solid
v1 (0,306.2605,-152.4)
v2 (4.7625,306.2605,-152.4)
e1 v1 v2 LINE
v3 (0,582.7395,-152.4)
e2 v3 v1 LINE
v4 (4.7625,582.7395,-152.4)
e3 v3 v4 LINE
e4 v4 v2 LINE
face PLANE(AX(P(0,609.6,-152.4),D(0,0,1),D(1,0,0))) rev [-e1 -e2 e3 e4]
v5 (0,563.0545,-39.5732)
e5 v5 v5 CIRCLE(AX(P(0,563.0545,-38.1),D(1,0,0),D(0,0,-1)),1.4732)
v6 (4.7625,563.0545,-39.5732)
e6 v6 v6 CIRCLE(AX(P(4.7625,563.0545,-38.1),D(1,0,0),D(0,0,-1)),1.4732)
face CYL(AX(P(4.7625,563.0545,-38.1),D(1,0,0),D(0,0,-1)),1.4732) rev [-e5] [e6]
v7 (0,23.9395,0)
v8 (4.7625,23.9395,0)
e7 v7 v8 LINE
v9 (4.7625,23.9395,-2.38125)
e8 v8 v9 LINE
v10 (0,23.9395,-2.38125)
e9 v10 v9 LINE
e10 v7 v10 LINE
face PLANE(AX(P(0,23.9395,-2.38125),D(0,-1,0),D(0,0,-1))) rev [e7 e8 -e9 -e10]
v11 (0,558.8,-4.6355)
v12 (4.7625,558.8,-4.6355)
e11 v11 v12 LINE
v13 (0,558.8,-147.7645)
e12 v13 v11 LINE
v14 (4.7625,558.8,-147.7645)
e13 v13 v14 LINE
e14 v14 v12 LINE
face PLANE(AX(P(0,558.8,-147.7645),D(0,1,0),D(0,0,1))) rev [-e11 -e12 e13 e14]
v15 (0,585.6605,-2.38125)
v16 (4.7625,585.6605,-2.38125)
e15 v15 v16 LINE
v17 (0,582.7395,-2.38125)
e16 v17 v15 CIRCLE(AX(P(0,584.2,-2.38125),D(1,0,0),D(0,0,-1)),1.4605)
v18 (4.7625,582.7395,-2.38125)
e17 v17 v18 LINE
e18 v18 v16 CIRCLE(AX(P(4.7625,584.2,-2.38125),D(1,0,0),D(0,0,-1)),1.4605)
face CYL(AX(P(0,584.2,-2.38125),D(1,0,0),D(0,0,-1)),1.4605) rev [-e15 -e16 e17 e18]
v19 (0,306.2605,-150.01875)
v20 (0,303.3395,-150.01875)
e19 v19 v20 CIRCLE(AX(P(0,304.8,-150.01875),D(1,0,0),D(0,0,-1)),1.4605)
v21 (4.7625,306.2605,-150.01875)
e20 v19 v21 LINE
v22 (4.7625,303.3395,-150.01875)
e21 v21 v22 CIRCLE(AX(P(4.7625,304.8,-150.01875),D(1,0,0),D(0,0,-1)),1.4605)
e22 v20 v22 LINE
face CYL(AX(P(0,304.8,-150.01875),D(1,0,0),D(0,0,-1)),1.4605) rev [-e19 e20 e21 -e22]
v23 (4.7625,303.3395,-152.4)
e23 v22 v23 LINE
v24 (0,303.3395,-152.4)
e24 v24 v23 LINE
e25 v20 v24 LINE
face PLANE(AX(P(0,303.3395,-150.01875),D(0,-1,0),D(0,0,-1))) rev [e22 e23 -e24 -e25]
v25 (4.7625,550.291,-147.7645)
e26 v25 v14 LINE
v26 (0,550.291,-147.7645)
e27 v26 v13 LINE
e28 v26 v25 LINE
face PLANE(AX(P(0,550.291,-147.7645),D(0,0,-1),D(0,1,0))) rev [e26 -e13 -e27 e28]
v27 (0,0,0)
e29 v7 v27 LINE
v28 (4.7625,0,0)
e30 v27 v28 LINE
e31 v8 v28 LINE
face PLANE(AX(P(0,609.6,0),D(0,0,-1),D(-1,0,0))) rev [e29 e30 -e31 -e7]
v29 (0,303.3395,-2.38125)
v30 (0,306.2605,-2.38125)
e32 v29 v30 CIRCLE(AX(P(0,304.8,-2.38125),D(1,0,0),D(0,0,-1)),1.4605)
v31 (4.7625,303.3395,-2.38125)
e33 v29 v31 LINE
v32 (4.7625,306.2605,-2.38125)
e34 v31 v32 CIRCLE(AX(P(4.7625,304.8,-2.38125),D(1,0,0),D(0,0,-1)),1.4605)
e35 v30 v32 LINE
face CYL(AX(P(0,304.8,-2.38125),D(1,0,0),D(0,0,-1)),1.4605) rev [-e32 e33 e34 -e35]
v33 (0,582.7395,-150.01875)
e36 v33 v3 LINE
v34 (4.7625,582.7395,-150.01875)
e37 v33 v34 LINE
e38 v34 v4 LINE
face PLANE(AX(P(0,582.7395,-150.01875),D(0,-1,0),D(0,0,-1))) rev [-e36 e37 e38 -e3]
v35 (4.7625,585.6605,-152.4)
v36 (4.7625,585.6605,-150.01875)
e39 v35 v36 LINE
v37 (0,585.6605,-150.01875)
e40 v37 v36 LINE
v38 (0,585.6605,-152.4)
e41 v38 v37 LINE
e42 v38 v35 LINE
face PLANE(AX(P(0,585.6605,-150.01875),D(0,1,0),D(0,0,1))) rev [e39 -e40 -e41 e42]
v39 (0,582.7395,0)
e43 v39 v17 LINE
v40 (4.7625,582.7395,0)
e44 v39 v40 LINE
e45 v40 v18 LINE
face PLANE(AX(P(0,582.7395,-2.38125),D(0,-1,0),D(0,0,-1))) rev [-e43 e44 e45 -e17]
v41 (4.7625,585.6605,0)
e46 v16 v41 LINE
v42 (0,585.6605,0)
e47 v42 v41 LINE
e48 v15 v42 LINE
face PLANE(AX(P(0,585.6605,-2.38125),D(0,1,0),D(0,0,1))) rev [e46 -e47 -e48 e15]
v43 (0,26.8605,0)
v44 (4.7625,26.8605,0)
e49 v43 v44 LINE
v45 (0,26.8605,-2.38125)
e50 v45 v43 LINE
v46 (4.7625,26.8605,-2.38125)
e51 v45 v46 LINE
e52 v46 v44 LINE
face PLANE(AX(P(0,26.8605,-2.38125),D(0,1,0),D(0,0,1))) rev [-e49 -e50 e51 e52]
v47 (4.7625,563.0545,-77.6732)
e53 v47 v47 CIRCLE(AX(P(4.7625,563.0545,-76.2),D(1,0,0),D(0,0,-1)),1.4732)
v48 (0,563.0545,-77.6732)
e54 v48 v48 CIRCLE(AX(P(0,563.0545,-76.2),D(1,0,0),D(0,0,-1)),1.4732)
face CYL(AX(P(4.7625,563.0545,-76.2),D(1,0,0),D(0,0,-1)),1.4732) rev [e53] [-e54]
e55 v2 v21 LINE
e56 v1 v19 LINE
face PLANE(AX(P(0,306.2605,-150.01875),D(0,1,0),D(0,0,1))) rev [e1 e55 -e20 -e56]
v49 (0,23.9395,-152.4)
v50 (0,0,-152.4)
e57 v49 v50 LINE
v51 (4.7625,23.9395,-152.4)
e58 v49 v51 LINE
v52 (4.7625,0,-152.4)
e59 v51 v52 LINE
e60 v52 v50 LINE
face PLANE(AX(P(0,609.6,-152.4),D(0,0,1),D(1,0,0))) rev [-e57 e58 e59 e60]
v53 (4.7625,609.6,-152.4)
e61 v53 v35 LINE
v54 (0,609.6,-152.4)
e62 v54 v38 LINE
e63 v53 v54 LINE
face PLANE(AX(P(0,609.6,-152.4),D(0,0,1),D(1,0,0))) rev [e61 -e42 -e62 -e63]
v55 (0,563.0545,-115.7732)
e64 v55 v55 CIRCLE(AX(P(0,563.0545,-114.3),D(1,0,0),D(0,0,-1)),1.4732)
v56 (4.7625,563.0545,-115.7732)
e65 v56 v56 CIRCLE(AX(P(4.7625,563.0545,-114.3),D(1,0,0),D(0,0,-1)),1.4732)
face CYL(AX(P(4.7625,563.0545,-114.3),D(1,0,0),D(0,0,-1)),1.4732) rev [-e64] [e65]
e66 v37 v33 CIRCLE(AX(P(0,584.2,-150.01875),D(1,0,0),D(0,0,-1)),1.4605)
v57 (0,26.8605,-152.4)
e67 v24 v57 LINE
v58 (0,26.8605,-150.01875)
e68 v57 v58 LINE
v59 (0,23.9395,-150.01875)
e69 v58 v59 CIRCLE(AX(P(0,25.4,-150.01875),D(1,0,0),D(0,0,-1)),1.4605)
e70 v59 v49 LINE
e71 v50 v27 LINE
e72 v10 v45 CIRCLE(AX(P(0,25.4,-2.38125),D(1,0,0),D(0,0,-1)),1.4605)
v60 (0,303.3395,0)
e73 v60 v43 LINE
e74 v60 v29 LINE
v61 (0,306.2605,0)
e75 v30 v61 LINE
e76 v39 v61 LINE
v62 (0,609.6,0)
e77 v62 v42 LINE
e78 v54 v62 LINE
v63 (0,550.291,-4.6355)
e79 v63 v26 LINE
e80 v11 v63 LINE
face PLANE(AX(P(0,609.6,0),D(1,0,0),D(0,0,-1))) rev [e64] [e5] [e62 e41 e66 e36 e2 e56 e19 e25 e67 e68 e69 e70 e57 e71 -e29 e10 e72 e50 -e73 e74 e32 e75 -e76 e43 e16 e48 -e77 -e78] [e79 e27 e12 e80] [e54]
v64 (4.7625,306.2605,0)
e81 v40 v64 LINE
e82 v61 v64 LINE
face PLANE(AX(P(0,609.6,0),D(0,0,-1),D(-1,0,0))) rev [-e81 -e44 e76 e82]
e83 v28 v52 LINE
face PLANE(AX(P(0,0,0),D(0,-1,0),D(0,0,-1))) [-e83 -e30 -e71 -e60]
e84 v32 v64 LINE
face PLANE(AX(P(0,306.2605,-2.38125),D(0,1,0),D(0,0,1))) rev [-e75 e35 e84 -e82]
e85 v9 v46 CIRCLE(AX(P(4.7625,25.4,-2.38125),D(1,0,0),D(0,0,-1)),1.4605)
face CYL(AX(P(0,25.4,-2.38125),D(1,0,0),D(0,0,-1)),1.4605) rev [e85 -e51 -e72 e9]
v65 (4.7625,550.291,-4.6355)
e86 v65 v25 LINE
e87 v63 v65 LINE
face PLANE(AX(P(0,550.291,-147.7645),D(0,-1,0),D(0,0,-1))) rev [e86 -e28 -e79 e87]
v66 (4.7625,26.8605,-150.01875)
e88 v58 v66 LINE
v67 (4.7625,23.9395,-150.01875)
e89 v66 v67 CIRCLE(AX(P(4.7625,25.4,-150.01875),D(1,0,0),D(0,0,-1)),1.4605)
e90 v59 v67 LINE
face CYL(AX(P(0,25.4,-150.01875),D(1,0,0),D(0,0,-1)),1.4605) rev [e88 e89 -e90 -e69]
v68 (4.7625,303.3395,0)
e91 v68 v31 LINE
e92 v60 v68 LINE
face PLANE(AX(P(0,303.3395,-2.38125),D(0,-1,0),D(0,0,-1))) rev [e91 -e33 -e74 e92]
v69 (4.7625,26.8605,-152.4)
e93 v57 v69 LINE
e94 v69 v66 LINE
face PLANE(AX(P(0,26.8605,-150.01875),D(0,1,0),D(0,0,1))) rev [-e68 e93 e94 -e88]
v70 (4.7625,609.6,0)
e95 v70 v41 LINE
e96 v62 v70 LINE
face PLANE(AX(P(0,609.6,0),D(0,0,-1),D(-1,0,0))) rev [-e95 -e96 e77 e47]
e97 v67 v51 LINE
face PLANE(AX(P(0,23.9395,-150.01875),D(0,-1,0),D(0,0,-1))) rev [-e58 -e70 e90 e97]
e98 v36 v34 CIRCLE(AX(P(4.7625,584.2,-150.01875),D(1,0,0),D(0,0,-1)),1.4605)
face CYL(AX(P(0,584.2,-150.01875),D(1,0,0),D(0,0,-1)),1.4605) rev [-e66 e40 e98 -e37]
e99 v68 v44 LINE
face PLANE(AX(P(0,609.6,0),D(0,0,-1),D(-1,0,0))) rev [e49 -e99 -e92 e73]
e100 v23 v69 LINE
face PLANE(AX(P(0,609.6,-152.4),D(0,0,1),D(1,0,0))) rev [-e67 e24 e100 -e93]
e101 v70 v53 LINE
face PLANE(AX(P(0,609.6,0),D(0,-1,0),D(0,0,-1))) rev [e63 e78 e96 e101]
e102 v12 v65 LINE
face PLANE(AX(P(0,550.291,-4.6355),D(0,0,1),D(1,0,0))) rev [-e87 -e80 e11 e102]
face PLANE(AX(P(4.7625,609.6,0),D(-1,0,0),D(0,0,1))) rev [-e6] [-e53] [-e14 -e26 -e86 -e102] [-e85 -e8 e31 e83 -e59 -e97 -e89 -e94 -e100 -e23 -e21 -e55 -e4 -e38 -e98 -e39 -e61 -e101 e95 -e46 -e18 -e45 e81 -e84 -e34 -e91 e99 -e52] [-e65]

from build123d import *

# Parameters (mm, degrees)
SKETCH1_W             = 4.7625
SKETCH1_H             = 152.4
BOSS_EXTRUDE1_DEPTH   = 609.6
SKETCH2_W             = 143.129
SKETCH2_H             = 8.509
CUT_EXTRUDE1_DEPTH    = 629.379345146
F_4_CLEARANCE_HOLE1_D = 2.9464
CUT_EXTRUDE2_DEPTH    = 629.379345146


with BuildPart() as part:
    # Sketch1 → Boss-Extrude1 (new body)
    with BuildSketch(Plane(origin=(0, 0, 0), x_dir=(1, 0, 0), z_dir=(0, 1, 0))):
        with Locations((2.38125, 76.2)):
            Rectangle(SKETCH1_W, SKETCH1_H)
    extrude(amount=BOSS_EXTRUDE1_DEPTH)

    # Sketch2 → Cut-Extrude1 (cut, through all)
    with BuildSketch(Plane(origin=(4.7625, 0, 0), x_dir=(0, 0, -1), z_dir=(1, 0, 0))):
        with Locations((76.2, 554.5455)):
            Rectangle(SKETCH2_W, SKETCH2_H)
    extrude(amount=-CUT_EXTRUDE1_DEPTH, mode=Mode.SUBTRACT)

    # #4 Clearance Hole1 (through all)
    with Locations(Plane(origin=(4.7625, 0, 0), x_dir=(0, 0, -1), z_dir=(1, 0, 0))):
        with Locations((114.3, 563.0545), (76.2, 563.0545), (38.1, 563.0545)):
            Hole(F_4_CLEARANCE_HOLE1_D / 2)

    # Sketch12 → Cut-Extrude2 (cut, through all)
    with BuildSketch(Plane(origin=(4.7625, 0, 0), x_dir=(0, 0, -1), z_dir=(1, 0, 0))):
        with BuildLine():
            Line((150.01875, 23.9395), (152.4, 23.9395))
            Line((152.4, 23.9395), (152.4, 26.8605))
            Line((152.4, 26.8605), (150.01875, 26.8605))
            ThreePointArc((150.01875, 26.8605), (148.55825, 25.4), (150.01875, 23.9395))
        make_face()
        with BuildLine():
            Line((2.38125, 23.9395), (0, 23.9395))
            Line((0, 23.9395), (0, 26.8605))
            Line((0, 26.8605), (2.38125, 26.8605))
            ThreePointArc((2.38125, 26.8605), (3.84175, 25.4), (2.38125, 23.9395))
        make_face()
        with BuildLine():
            Line((0, 303.3395), (0, 306.2605))
            Line((0, 306.2605), (2.38125, 306.2605))
            ThreePointArc((2.38125, 306.2605), (3.84175, 304.8), (2.38125, 303.3395))
            Line((2.38125, 303.3395), (0, 303.3395))
        make_face()
        with BuildLine():
            Line((152.4, 303.3395), (152.4, 306.2605))
            Line((152.4, 306.2605), (150.01875, 306.2605))
            ThreePointArc((150.01875, 306.2605), (148.55825, 304.8), (150.01875, 303.3395))
            Line((150.01875, 303.3395), (152.4, 303.3395))
        make_face()
        with BuildLine():
            Line((0, 582.7395), (0, 585.6605))
            Line((0, 585.6605), (2.38125, 585.6605))
            ThreePointArc((2.38125, 585.6605), (3.84175, 584.2), (2.38125, 582.7395))
            Line((2.38125, 582.7395), (0, 582.7395))
        make_face()
        with BuildLine():
            Line((152.4, 582.7395), (152.4, 585.6605))
            Line((152.4, 585.6605), (150.01875, 585.6605))
            ThreePointArc((150.01875, 585.6605), (148.55825, 584.2), (150.01875, 582.7395))
            Line((150.01875, 582.7395), (152.4, 582.7395))
        make_face()
    extrude(amount=-CUT_EXTRUDE2_DEPTH, mode=Mode.SUBTRACT)


solid = part.part
